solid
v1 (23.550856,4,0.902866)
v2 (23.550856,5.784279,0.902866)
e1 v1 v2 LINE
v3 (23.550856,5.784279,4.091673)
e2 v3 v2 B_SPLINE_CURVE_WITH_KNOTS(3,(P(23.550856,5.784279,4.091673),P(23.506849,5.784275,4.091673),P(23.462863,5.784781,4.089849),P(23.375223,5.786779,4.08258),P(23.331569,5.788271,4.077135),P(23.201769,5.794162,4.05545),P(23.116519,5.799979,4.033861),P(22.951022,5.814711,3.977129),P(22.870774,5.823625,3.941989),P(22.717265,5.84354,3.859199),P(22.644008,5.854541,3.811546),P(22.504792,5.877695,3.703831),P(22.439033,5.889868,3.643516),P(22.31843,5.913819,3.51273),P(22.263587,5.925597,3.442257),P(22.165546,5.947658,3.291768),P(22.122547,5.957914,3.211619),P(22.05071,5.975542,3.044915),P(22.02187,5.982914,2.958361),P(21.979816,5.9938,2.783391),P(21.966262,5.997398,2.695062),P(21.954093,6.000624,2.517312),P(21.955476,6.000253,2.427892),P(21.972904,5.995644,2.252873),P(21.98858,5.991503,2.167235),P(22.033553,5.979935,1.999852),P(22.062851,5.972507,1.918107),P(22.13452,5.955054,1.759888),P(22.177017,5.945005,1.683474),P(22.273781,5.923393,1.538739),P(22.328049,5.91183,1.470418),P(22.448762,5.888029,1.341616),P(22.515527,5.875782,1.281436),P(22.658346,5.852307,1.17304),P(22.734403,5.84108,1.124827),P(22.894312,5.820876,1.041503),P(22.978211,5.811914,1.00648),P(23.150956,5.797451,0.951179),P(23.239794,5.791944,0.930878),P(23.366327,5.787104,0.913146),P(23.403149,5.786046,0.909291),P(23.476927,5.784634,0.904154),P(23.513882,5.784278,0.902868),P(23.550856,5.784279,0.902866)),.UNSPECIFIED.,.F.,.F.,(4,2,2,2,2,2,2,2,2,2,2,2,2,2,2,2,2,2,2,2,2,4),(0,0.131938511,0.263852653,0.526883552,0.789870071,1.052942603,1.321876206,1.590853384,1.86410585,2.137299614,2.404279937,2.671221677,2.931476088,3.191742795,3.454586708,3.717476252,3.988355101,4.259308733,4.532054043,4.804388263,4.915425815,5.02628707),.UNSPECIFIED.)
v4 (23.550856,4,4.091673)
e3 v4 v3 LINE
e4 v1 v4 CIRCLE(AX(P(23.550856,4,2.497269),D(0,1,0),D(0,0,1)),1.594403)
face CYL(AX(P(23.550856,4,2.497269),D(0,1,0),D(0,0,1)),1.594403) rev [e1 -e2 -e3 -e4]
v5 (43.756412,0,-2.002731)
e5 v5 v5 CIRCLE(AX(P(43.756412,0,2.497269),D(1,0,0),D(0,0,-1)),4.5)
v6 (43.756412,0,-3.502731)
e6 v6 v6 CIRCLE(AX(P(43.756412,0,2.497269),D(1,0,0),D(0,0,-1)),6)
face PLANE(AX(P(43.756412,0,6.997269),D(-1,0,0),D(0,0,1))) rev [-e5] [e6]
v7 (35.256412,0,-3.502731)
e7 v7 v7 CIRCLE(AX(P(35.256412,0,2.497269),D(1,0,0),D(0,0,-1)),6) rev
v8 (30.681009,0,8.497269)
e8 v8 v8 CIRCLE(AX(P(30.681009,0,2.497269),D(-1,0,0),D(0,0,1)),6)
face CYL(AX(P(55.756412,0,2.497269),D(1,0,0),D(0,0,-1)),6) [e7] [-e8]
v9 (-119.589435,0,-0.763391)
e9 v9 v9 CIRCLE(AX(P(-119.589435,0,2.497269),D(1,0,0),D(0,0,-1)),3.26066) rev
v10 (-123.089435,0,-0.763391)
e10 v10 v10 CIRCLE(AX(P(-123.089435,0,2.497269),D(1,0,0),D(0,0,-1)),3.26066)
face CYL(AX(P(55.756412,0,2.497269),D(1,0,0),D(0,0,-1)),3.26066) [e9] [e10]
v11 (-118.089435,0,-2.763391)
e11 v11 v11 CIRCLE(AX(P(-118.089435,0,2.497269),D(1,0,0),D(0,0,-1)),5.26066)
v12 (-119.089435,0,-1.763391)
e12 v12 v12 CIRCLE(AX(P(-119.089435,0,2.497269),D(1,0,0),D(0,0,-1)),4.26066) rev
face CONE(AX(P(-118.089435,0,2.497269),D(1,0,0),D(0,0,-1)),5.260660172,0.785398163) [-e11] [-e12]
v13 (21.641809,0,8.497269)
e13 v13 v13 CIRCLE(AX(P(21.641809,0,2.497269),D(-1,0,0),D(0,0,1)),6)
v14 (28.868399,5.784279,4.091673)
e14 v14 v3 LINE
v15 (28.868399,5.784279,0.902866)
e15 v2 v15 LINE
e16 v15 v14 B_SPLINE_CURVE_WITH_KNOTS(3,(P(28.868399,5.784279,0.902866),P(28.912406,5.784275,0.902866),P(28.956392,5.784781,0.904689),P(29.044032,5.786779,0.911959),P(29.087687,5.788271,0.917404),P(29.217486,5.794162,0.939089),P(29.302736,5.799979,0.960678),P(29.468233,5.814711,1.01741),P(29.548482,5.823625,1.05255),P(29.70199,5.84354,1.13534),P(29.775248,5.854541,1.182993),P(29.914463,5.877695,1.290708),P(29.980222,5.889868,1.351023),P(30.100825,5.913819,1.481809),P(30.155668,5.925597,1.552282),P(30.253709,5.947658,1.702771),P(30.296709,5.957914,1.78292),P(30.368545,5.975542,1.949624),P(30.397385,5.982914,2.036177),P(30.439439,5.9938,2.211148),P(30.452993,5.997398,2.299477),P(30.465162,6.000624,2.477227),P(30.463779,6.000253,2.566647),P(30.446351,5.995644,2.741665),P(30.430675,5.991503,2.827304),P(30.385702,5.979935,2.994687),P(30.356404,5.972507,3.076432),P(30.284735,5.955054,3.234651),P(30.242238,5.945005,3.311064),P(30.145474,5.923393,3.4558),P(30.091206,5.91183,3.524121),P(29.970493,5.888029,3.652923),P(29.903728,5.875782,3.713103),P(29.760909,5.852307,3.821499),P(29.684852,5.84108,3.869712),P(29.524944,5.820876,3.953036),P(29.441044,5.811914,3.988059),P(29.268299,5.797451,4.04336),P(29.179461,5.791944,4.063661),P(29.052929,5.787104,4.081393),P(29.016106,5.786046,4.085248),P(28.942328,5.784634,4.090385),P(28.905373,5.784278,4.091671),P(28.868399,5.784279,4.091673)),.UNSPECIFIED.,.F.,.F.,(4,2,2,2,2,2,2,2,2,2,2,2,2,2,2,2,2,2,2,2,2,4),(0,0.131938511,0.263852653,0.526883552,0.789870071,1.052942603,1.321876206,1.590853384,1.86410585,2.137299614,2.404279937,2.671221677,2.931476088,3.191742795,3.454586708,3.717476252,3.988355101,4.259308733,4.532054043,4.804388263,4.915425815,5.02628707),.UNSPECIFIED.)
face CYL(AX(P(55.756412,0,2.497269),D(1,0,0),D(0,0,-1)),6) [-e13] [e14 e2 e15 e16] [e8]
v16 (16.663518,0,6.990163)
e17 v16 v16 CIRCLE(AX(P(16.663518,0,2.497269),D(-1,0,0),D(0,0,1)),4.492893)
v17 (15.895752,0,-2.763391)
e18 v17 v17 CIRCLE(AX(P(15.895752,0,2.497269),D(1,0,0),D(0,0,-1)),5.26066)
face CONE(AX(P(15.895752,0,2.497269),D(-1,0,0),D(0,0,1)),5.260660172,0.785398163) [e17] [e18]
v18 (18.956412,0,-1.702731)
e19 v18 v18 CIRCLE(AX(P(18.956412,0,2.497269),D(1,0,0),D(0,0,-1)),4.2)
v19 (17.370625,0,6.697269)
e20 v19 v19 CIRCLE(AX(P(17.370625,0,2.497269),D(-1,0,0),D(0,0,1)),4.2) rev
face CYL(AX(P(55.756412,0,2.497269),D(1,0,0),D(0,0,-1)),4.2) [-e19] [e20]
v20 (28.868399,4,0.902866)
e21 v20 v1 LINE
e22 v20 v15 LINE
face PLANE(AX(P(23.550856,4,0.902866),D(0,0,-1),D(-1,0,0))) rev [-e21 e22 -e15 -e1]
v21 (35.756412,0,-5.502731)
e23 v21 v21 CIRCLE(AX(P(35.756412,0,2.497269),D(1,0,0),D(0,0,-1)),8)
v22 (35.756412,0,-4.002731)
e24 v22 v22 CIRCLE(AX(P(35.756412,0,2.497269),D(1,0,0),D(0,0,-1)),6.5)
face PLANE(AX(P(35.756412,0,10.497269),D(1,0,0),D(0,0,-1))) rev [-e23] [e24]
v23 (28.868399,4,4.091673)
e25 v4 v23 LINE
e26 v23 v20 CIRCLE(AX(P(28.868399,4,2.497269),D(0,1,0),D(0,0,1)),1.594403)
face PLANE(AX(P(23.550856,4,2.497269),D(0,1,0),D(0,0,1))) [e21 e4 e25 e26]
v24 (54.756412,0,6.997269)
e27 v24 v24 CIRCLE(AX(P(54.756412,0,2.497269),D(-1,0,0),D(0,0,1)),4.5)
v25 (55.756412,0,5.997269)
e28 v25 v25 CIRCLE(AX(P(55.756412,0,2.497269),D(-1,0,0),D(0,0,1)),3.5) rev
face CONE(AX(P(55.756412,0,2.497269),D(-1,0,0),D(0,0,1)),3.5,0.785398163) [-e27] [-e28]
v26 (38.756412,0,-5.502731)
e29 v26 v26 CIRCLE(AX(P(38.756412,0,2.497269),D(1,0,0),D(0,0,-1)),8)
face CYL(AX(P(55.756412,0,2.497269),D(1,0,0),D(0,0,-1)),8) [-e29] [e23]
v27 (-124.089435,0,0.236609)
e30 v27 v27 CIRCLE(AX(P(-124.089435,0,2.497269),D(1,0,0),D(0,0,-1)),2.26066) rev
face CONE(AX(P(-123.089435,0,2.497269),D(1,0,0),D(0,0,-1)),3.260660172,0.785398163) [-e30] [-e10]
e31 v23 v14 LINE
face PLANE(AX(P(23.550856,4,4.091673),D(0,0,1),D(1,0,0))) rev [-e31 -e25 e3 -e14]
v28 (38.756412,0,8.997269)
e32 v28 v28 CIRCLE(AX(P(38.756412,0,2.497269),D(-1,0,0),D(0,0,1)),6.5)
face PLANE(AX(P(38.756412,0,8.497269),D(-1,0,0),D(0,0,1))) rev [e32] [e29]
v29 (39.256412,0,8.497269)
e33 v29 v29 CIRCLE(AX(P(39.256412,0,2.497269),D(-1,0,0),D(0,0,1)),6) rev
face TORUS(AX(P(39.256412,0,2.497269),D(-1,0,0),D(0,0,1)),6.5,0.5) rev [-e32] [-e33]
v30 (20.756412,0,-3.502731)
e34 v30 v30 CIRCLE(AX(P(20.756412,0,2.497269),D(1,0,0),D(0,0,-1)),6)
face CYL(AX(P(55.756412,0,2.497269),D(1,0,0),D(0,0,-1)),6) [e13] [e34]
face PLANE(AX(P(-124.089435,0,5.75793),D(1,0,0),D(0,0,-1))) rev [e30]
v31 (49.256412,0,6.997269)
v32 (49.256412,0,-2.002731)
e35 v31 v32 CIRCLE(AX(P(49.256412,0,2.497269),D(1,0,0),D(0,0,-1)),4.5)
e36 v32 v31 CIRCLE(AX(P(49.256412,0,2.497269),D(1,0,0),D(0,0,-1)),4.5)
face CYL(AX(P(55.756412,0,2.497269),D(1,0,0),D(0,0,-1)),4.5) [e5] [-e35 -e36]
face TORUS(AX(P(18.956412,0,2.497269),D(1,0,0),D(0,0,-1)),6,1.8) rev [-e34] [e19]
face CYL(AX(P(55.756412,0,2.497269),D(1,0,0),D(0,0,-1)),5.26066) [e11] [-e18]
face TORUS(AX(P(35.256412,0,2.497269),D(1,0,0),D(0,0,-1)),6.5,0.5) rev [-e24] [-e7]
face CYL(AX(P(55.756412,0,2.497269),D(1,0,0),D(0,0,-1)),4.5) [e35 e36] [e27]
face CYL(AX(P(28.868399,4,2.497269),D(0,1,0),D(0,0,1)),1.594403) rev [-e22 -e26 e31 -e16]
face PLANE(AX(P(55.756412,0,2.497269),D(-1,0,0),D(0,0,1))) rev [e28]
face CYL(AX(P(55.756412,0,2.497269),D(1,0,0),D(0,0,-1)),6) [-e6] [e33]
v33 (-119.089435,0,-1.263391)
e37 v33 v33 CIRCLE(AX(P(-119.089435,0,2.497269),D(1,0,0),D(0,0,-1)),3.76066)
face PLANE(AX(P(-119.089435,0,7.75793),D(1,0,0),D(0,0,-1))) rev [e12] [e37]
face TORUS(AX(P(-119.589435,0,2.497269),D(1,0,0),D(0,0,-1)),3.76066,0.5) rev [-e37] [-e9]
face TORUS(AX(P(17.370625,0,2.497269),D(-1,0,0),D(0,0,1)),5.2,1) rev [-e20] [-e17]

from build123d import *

# Parameters (mm, degrees)
FILLET_1_R          = 0.5
FILLET_2_R          = 0.5
FILLET_3_R          = 1
FILLET_4_R          = 0.5
CHAMFER_1_SIZE      = 1
CHAMFER_2_SIZE      = 1
CUT_EXTRUDE_1_DEPTH = 6


with BuildPart() as part:
    # Эскиз1 → Повернуть1 (revolve)
    with BuildSketch(Plane(origin=(0, 0, 0), x_dir=(1, 0, 0), z_dir=(0, 1, 0)), mode=Mode.PRIVATE) as revolve_1_sk:
        with BuildLine():
            Line((55.756411679, -2.497269463), (55.756411679, -6.997269463))
            Line((55.756411679, -6.997269463), (43.756411679, -6.997269463))
            Line((43.756411679, -6.997269463), (43.756411679, -8.497269463))
            Line((43.756411679, -8.497269463), (38.756411679, -8.497269463))
            Line((38.756411679, -8.497269463), (38.756411679, -10.497269463))
            Line((38.756411679, -10.497269463), (35.756411679, -10.497269463))
            Line((35.756411679, -10.497269463), (35.756411679, -8.497269463))
            Line((35.756411679, -8.497269463), (20.756411679, -8.497269463))
            ThreePointArc((20.756411679, -8.497269463), (20.229203885, -7.224477257), (18.956411679, -6.697269463))
            Line((18.956411679, -6.697269463), (16.956411679, -6.697269463))
            Line((16.956411679, -6.697269463), (15.895751507, -7.757929635))
            Line((15.895751507, -7.757929635), (-119.089435131, -7.757929635))
            Line((-119.089435131, -7.757929635), (-119.089435131, -5.757929635))
            Line((-119.089435131, -5.757929635), (-124.089435131, -5.757929635))
            Line((-124.089435131, -5.757929635), (-124.089435131, -2.497269463))
            Line((-124.089435131, -2.497269463), (55.756411679, -2.497269463))
        make_face()
    revolve(revolve_1_sk.sketch.rotate(Axis((55.756411679, 0, 2.497269463), (-1, 0, 0)), 180), axis=Axis((55.756411679, 0, 2.497269463), (-1, 0, 0)))

    # Скругление1
    fillet_1_edges = [part.edges().sort_by_distance(p)[0] for p in [
        (35.756411679, 0, 8.497269463),
    ]]
    fillet(fillet_1_edges, radius=FILLET_1_R)

    # Скругление2
    fillet_2_edges = [part.edges().sort_by_distance(p)[0] for p in [
        (38.756411679, 0, 8.497269463),
    ]]
    fillet(fillet_2_edges, radius=FILLET_2_R)

    # Скругление3
    fillet_3_edges = [part.edges().sort_by_distance(p)[0] for p in [
        (16.956411679, 0, 6.697269463),
    ]]
    fillet(fillet_3_edges, radius=FILLET_3_R)

    # Скругление4
    fillet_4_edges = [part.edges().sort_by_distance(p)[0] for p in [
        (-119.089435131, 0, 5.757929635),
    ]]
    fillet(fillet_4_edges, radius=FILLET_4_R)

    # Фаска1
    chamfer_1_edges = [part.edges().sort_by_distance(p)[0] for p in [
        (55.756411679, 0, 6.997269463),
        (-119.089435131, 0, 7.757929635),
    ]]
    chamfer(chamfer_1_edges, length=CHAMFER_1_SIZE)

    # Фаска2
    chamfer_2_edges = [part.edges().sort_by_distance(p)[0] for p in [
        (-124.089435131, 0, 5.757929635),
    ]]
    chamfer(chamfer_2_edges, length=CHAMFER_2_SIZE)

    # Эскиз2 → Вырез-Вытянуть1 (cut)
    with BuildSketch(Plane(origin=(0, 10, 0), x_dir=(1, 0, 0), z_dir=(0, 1, 0))):
        with BuildLine():
            Line((23.550856254, -0.902866319), (28.868398961, -0.902866319))
            ThreePointArc((28.868398961, -0.902866319), (30.462802104, -2.497269463), (28.868398961, -4.091672607))
            Line((28.868398961, -4.091672607), (23.550856254, -4.091672607))
            ThreePointArc((23.550856254, -4.091672607), (21.95645311, -2.497269463), (23.550856254, -0.902866319))
        make_face()
    extrude(amount=-CUT_EXTRUDE_1_DEPTH, mode=Mode.SUBTRACT)


solid = part.part
